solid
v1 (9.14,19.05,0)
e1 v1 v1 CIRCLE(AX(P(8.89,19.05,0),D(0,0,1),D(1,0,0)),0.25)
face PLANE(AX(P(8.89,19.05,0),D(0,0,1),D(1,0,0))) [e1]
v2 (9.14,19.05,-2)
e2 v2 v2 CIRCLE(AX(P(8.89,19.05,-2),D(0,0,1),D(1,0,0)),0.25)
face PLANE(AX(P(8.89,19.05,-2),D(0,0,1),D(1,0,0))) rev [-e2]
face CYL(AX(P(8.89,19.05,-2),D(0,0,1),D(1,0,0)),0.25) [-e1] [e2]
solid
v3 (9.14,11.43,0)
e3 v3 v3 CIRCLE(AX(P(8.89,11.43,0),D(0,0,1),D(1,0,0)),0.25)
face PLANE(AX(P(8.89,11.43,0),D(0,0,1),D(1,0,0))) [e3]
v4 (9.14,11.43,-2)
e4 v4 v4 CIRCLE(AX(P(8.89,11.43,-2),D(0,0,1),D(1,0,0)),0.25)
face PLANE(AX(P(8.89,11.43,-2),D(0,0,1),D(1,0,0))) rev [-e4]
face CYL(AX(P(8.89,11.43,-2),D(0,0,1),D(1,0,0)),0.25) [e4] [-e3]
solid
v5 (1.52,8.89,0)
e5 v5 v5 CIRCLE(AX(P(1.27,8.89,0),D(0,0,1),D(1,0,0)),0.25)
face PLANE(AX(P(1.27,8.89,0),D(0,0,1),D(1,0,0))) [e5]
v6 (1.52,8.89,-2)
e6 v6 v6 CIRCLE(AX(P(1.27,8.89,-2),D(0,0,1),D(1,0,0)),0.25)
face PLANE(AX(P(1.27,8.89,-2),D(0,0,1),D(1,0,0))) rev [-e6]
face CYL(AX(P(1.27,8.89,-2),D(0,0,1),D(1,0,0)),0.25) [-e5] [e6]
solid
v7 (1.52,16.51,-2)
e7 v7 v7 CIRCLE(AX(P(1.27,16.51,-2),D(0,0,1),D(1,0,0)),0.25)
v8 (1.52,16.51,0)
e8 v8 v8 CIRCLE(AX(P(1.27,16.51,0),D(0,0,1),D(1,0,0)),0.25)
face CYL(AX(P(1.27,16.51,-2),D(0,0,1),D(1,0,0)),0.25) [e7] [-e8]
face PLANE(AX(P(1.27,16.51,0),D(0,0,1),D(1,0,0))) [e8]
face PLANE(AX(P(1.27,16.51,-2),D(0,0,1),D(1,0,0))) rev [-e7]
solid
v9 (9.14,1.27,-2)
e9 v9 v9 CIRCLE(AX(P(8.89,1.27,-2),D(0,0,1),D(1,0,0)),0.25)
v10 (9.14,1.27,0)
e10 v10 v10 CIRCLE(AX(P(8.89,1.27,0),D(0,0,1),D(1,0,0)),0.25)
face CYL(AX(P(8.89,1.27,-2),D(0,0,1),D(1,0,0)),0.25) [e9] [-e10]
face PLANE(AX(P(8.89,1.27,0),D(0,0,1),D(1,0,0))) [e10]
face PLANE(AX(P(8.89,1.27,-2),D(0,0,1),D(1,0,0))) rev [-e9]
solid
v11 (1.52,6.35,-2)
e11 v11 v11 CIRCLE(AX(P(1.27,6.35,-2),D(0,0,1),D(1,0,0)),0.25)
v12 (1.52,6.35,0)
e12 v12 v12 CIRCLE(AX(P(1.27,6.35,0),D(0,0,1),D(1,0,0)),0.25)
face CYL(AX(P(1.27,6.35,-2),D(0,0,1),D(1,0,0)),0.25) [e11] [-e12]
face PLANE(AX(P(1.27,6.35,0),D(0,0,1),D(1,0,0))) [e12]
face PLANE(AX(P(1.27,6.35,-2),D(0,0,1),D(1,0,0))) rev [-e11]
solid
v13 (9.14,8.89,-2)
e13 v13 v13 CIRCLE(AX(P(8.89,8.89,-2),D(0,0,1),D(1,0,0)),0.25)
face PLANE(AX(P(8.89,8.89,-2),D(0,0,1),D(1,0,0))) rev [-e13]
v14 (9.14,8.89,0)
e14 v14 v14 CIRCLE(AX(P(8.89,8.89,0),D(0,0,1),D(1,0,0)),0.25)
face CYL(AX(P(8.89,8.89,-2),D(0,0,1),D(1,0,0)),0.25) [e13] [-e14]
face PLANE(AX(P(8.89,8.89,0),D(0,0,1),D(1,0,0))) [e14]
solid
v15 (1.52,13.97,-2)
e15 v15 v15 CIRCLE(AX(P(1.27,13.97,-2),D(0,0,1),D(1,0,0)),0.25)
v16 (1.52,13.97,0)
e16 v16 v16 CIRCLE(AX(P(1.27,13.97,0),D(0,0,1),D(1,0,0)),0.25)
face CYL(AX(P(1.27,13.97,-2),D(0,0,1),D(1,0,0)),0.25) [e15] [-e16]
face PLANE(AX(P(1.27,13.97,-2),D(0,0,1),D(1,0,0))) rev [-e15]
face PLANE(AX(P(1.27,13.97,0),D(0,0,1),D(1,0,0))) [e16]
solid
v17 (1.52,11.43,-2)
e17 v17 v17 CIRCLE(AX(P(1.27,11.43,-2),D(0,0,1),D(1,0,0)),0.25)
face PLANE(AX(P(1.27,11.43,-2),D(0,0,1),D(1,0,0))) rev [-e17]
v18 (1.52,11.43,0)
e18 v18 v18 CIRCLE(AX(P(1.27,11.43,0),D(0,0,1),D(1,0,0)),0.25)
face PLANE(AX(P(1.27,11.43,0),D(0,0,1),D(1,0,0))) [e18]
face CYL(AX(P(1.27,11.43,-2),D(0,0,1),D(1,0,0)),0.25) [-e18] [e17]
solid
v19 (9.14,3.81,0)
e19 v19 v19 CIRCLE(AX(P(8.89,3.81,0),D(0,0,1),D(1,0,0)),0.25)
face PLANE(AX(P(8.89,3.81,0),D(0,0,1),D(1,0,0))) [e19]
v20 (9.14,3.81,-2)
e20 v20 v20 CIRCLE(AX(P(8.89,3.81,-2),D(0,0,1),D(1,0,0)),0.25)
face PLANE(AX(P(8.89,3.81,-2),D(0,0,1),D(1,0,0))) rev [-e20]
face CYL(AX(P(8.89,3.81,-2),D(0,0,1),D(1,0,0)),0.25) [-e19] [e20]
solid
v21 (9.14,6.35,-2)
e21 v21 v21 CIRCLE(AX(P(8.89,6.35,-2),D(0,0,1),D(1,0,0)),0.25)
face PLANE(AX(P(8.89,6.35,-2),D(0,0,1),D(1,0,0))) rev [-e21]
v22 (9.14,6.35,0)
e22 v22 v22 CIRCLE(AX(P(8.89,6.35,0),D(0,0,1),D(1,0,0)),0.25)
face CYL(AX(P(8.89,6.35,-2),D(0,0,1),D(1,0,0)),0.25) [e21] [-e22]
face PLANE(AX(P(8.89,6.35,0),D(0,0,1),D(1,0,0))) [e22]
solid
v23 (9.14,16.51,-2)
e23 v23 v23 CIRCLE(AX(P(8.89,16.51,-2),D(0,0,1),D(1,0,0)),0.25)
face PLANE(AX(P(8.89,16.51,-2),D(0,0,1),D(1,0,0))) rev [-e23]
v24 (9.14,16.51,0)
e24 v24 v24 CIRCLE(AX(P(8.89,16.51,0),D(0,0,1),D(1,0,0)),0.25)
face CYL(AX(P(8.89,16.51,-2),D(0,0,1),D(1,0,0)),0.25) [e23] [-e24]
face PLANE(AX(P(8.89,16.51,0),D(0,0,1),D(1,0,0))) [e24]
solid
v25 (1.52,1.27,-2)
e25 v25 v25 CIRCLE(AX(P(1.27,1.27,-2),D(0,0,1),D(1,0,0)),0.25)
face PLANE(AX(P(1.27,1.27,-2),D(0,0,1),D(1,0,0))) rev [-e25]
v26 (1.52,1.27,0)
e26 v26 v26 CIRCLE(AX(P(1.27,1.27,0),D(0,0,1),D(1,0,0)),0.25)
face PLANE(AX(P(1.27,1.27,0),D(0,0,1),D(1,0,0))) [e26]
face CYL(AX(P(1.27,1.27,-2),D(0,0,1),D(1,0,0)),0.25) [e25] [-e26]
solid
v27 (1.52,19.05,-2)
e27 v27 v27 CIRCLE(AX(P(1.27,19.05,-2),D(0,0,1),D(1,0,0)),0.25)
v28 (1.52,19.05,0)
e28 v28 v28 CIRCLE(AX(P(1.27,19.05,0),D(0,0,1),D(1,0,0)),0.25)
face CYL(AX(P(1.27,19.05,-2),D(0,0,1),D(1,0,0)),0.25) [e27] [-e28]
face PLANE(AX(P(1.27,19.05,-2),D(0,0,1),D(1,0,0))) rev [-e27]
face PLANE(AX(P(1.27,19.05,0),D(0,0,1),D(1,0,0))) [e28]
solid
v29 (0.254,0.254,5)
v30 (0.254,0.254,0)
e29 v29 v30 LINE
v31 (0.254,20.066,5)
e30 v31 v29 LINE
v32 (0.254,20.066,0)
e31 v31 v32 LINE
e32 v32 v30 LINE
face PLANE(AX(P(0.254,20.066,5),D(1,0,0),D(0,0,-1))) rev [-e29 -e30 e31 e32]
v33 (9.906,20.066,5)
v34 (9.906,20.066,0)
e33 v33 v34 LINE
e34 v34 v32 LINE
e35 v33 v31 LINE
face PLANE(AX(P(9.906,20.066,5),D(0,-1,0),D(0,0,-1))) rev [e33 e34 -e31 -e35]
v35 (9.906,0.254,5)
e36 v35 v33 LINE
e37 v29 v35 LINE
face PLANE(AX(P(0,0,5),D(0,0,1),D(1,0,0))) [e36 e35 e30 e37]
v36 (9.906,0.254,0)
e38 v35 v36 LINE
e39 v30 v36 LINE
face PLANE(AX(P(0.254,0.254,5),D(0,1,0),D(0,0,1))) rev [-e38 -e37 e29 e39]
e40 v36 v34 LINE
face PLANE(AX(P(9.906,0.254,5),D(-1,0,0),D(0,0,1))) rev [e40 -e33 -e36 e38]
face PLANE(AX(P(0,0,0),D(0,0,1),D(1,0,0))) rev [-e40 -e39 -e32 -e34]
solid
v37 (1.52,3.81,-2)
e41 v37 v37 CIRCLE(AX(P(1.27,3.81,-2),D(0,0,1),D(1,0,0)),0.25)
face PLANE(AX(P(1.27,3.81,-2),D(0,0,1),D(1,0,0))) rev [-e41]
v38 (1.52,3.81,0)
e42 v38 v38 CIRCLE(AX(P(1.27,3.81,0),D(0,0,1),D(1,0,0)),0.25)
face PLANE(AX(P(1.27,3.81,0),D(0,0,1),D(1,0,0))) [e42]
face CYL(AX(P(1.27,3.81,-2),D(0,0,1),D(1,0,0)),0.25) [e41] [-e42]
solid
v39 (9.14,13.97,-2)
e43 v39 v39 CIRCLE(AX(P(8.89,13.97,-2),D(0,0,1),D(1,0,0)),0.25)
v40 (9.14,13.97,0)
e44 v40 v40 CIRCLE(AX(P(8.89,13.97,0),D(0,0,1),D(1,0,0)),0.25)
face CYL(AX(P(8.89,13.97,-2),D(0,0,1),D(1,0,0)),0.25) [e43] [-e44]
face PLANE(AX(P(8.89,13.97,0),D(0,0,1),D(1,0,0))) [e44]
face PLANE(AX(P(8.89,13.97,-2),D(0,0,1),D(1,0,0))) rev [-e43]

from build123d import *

# Parameters (mm, degrees)
SKETCH1_W               = 9.652
SKETCH1_H               = 19.812
COMPONENT_OUTLINE_DEPTH = 5
SKETCH2_R               = 0.25
EXTRUDE_1_DEPTH         = 2
SKETCH3_R               = 0.25
EXTRUDE_2_DEPTH         = 2
SKETCH4_R               = 0.25
EXTRUDE_3_DEPTH         = 2
SKETCH5_R               = 0.25
EXTRUDE_4_DEPTH         = 2
SKETCH6_R               = 0.25
EXTRUDE_5_DEPTH         = 2
SKETCH7_R               = 0.25
EXTRUDE_6_DEPTH         = 2
SKETCH8_R               = 0.25
EXTRUDE_7_DEPTH         = 2
SKETCH9_R               = 0.25
EXTRUDE_8_DEPTH         = 2
SKETCH10_R              = 0.25
EXTRUDE_9_DEPTH         = 2
SKETCH11_R              = 0.25
EXTRUDE_10_DEPTH        = 2
SKETCH12_R              = 0.25
EXTRUDE_11_DEPTH        = 2
SKETCH13_R              = 0.25
EXTRUDE_12_DEPTH        = 2
SKETCH14_R              = 0.25
EXTRUDE_13_DEPTH        = 2
SKETCH15_R              = 0.25
EXTRUDE_14_DEPTH        = 2
SKETCH16_R              = 0.25
EXTRUDE_15_DEPTH        = 2
SKETCH17_R              = 0.25
EXTRUDE_16_DEPTH        = 2


with BuildPart() as part:
    # Sketch1 → Component_Outline (new body)
    with BuildSketch(Plane.XY):
        with Locations((5.08, 10.16)):
            Rectangle(SKETCH1_W, SKETCH1_H)
    extrude(amount=COMPONENT_OUTLINE_DEPTH)


with BuildPart() as body_2:
    # Sketch2 → Extrude 1 (new body)
    with BuildSketch(Plane.XY):
        with Locations((1.27, 1.27)):
            Circle(SKETCH2_R)
    extrude(amount=-EXTRUDE_1_DEPTH)


with BuildPart() as body_3:
    # Sketch3 → Extrude 2 (new body)
    with BuildSketch(Plane.XY):
        with Locations((1.27, 3.81)):
            Circle(SKETCH3_R)
    extrude(amount=-EXTRUDE_2_DEPTH)


with BuildPart() as body_4:
    # Sketch4 → Extrude 3 (new body)
    with BuildSketch(Plane.XY):
        with Locations((1.27, 6.35)):
            Circle(SKETCH4_R)
    extrude(amount=-EXTRUDE_3_DEPTH)


with BuildPart() as body_5:
    # Sketch5 → Extrude 4 (new body)
    with BuildSketch(Plane.XY):
        with Locations((1.27, 8.89)):
            Circle(SKETCH5_R)
    extrude(amount=-EXTRUDE_4_DEPTH)


with BuildPart() as body_6:
    # Sketch6 → Extrude 5 (new body)
    with BuildSketch(Plane.XY):
        with Locations((1.27, 11.43)):
            Circle(SKETCH6_R)
    extrude(amount=-EXTRUDE_5_DEPTH)


with BuildPart() as body_7:
    # Sketch7 → Extrude 6 (new body)
    with BuildSketch(Plane.XY):
        with Locations((1.27, 13.97)):
            Circle(SKETCH7_R)
    extrude(amount=-EXTRUDE_6_DEPTH)


with BuildPart() as body_8:
    # Sketch8 → Extrude 7 (new body)
    with BuildSketch(Plane.XY):
        with Locations((1.27, 16.51)):
            Circle(SKETCH8_R)
    extrude(amount=-EXTRUDE_7_DEPTH)


with BuildPart() as body_9:
    # Sketch9 → Extrude 8 (new body)
    with BuildSketch(Plane.XY):
        with Locations((1.27, 19.05)):
            Circle(SKETCH9_R)
    extrude(amount=-EXTRUDE_8_DEPTH)


with BuildPart() as body_10:
    # Sketch10 → Extrude 9 (new body)
    with BuildSketch(Plane.XY):
        with Locations((8.89, 1.27)):
            Circle(SKETCH10_R)
    extrude(amount=-EXTRUDE_9_DEPTH)


with BuildPart() as body_11:
    # Sketch11 → Extrude 10 (new body)
    with BuildSketch(Plane.XY):
        with Locations((8.89, 3.81)):
            Circle(SKETCH11_R)
    extrude(amount=-EXTRUDE_10_DEPTH)


with BuildPart() as body_12:
    # Sketch12 → Extrude 11 (new body)
    with BuildSketch(Plane.XY):
        with Locations((8.89, 6.35)):
            Circle(SKETCH12_R)
    extrude(amount=-EXTRUDE_11_DEPTH)


with BuildPart() as body_13:
    # Sketch13 → Extrude 12 (new body)
    with BuildSketch(Plane.XY):
        with Locations((8.89, 8.89)):
            Circle(SKETCH13_R)
    extrude(amount=-EXTRUDE_12_DEPTH)


with BuildPart() as body_14:
    # Sketch14 → Extrude 13 (new body)
    with BuildSketch(Plane.XY):
        with Locations((8.89, 11.43)):
            Circle(SKETCH14_R)
    extrude(amount=-EXTRUDE_13_DEPTH)


with BuildPart() as body_15:
    # Sketch15 → Extrude 14 (new body)
    with BuildSketch(Plane.XY):
        with Locations((8.89, 13.97)):
            Circle(SKETCH15_R)
    extrude(amount=-EXTRUDE_14_DEPTH)


with BuildPart() as body_16:
    # Sketch16 → Extrude 15 (new body)
    with BuildSketch(Plane.XY):
        with Locations((8.89, 16.51)):
            Circle(SKETCH16_R)
    extrude(amount=-EXTRUDE_15_DEPTH)


with BuildPart() as body_17:
    # Sketch17 → Extrude 16 (new body)
    with BuildSketch(Plane.XY):
        with Locations((8.89, 19.05)):
            Circle(SKETCH17_R)
    extrude(amount=-EXTRUDE_16_DEPTH)


solid = Compound([part.part, body_2.part, body_3.part, body_4.part, body_5.part, body_6.part, body_7.part, body_8.part, body_9.part, body_10.part, body_11.part, body_12.part, body_13.part, body_14.part, body_15.part, body_16.part, body_17.part])
